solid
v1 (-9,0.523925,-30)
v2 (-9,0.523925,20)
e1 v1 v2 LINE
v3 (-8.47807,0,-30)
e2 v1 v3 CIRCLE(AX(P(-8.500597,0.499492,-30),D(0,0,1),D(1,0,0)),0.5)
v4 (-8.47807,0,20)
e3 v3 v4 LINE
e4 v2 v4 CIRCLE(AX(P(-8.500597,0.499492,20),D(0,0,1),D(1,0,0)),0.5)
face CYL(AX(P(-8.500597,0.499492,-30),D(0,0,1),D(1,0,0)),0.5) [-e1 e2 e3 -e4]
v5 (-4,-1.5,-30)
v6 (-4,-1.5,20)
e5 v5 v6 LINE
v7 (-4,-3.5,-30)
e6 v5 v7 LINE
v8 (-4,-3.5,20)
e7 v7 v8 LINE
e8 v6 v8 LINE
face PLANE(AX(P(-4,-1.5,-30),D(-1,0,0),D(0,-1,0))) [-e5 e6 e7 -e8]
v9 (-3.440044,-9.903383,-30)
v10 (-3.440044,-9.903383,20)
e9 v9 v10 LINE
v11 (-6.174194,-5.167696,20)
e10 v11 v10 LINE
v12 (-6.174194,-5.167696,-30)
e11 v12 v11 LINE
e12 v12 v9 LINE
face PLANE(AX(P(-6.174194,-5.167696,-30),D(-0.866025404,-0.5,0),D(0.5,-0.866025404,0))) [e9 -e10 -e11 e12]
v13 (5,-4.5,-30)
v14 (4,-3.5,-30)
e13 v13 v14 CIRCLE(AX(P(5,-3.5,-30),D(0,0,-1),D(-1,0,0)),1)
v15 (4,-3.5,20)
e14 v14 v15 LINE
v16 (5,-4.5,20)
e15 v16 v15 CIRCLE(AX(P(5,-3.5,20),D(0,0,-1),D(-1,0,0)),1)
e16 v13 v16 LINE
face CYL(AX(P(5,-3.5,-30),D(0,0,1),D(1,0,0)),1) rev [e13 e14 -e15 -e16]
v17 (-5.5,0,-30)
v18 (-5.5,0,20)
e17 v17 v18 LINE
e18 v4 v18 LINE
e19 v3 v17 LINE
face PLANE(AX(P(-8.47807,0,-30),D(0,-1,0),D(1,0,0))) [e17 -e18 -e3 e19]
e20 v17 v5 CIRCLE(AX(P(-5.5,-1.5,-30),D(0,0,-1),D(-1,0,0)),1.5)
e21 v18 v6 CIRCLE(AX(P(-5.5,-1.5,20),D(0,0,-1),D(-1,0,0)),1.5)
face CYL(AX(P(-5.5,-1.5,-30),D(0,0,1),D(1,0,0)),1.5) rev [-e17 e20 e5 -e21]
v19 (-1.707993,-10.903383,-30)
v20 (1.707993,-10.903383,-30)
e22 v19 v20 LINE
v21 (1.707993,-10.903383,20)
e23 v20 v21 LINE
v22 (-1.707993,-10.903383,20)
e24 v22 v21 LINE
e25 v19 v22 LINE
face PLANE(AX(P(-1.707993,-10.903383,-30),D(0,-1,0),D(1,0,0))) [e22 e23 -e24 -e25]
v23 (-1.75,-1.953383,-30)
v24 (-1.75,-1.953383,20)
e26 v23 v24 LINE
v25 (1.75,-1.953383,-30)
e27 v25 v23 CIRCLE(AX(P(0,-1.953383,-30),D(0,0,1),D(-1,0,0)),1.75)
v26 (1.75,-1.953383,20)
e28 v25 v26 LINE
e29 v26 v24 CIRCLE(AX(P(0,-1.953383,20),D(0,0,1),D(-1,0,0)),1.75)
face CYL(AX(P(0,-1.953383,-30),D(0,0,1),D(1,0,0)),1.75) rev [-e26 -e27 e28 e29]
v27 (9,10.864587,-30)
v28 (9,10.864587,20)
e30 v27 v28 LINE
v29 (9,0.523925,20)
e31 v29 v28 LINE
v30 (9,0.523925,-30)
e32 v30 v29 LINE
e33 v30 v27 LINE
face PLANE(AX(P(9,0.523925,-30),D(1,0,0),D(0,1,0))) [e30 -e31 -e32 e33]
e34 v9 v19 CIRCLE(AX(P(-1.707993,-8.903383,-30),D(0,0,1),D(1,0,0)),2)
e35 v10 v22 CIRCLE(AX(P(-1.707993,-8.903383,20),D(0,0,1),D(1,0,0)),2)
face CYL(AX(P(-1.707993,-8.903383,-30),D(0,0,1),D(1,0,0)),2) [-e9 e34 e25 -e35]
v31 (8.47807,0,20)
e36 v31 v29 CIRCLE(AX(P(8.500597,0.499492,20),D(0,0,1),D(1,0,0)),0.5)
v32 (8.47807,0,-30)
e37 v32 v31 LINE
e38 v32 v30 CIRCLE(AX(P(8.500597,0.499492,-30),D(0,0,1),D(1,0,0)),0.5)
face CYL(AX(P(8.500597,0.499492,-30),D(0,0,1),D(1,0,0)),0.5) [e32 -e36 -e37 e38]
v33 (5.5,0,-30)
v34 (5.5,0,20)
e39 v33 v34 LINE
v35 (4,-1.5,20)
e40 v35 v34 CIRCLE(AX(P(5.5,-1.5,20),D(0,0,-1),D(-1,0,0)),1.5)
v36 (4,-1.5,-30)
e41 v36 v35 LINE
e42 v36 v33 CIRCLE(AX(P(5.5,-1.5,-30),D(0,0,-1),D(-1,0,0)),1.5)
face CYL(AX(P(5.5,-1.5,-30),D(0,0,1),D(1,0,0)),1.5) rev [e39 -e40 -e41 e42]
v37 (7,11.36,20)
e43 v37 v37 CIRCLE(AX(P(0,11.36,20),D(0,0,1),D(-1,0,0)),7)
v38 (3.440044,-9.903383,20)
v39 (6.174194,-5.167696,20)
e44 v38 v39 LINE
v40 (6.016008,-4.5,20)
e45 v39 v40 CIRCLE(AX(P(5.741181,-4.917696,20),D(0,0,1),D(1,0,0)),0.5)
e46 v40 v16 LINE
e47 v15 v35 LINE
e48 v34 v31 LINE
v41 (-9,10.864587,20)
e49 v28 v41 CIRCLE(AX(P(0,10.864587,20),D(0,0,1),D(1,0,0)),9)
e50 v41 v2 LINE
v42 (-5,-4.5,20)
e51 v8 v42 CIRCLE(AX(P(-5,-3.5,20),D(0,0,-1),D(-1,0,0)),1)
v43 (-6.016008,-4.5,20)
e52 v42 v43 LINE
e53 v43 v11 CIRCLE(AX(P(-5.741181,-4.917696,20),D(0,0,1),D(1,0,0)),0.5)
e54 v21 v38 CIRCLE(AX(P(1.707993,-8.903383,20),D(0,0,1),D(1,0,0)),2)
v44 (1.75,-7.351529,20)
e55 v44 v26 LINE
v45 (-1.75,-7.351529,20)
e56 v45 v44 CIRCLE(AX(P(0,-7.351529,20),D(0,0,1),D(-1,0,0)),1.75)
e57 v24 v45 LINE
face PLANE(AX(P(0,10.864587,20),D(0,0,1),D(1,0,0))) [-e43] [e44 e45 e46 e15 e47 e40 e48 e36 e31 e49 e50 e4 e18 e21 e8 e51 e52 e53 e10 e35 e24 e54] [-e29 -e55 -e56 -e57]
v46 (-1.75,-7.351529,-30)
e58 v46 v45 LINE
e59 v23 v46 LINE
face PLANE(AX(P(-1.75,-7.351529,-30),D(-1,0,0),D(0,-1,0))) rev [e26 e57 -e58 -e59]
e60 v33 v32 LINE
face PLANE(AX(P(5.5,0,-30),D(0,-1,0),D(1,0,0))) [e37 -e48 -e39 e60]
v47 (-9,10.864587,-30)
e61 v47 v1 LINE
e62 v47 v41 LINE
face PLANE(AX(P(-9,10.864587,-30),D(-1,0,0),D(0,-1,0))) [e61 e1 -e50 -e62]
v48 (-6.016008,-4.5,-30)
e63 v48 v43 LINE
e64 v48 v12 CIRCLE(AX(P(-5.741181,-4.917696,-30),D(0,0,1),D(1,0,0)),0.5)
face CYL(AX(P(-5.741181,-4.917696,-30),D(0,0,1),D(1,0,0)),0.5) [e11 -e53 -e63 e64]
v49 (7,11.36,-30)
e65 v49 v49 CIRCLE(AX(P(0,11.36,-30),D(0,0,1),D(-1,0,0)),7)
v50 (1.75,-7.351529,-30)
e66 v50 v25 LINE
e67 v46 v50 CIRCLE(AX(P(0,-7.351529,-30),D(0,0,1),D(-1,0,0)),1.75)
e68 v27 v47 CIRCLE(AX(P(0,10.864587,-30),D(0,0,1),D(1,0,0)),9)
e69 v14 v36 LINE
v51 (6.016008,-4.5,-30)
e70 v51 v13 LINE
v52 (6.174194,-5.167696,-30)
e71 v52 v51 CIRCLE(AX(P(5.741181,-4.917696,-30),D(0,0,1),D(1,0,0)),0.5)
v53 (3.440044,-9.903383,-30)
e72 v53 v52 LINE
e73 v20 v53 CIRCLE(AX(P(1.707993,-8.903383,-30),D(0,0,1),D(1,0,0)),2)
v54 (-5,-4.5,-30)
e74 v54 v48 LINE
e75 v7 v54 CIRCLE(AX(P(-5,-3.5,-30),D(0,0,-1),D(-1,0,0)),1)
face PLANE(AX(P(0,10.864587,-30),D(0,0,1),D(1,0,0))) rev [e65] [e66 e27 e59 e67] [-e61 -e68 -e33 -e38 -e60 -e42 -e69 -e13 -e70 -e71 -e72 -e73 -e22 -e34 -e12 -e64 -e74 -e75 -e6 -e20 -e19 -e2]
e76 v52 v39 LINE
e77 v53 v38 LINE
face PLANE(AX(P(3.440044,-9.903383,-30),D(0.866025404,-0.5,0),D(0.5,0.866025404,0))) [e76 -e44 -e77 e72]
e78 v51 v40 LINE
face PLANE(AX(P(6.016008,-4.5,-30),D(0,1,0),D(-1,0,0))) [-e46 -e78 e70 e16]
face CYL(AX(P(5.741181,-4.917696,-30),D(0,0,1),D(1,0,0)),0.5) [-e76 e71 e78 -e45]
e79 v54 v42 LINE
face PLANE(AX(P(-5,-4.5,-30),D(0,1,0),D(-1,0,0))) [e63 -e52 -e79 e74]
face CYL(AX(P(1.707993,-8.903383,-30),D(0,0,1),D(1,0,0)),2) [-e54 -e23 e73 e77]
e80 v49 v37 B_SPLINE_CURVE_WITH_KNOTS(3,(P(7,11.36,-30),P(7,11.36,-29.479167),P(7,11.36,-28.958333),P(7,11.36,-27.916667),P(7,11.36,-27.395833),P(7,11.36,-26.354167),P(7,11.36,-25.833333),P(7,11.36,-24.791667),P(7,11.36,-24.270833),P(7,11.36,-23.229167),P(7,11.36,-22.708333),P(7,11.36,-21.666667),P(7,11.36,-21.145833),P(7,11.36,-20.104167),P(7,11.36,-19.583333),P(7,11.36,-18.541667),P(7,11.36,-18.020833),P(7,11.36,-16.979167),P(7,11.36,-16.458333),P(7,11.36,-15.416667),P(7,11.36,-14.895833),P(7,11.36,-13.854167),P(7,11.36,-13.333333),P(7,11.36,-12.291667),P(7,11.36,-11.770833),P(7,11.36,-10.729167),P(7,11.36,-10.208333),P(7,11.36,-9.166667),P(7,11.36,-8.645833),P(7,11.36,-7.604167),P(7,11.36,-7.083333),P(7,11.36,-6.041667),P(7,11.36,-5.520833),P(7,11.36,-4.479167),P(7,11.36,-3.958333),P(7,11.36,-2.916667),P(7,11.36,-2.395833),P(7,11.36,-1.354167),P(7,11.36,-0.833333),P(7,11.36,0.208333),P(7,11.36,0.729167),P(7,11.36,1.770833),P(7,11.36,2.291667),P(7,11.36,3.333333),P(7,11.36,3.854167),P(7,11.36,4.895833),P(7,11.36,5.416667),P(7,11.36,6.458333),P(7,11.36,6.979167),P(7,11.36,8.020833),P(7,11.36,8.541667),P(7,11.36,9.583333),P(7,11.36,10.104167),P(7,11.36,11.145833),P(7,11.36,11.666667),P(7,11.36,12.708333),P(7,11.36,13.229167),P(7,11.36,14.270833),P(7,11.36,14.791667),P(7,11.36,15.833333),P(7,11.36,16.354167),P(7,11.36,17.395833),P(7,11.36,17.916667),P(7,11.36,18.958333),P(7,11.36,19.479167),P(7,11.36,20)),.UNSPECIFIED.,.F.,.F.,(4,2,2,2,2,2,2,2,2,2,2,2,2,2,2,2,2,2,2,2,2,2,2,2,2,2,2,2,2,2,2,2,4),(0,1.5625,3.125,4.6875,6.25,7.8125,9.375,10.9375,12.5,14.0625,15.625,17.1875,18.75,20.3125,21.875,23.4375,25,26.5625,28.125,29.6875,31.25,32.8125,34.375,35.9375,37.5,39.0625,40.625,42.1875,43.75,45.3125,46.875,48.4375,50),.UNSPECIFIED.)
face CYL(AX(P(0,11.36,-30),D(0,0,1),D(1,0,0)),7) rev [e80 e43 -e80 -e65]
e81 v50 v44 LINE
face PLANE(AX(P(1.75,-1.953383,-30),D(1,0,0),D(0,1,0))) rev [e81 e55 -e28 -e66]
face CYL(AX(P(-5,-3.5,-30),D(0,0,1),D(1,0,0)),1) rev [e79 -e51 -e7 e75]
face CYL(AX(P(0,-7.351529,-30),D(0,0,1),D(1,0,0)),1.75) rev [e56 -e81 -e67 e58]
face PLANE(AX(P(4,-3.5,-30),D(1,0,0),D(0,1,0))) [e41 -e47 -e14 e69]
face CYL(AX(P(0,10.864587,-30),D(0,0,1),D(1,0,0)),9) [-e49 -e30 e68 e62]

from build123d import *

# Parameters (mm, degrees)
ESQUISSE1_R        = 7
BOSS_EXTRU_1_DEPTH = 50


with BuildPart() as part:
    # Esquisse1 → Boss.-Extru.1 (new body)
    with BuildSketch(Plane.XY.offset(20)):
        with BuildLine():
            Line((-9, 10.864586864), (-9, 0.523924837))
            ThreePointArc((-9, 0.523924837), (-8.854824532, 0.14661401), (-8.478070356, 0))
            Line((-8.478070356, 0), (-5.5, 0))
            ThreePointArc((-5.5, 0), (-4.439339828, -0.439339828), (-4, -1.5))
            Line((-4, -1.5), (-4, -3.5))
            ThreePointArc((-4, -3.5), (-4.292893219, -4.207106781), (-5, -4.5))
            Line((-5, -4.5), (-6.016007613, -4.5))
            ThreePointArc((-6.016007613, -4.5), (-6.227713349, -4.802430523), (-6.174193657, -5.16769643))
            Line((-6.174193657, -5.16769643), (-3.440043573, -9.90338329))
            ThreePointArc((-3.440043573, -9.90338329), (-2.707992766, -10.635434098), (-1.707992766, -10.90338329))
            Line((-1.707992766, -10.90338329), (1.707992766, -10.90338329))
            ThreePointArc((1.707992766, -10.90338329), (2.707992766, -10.635434098), (3.440043573, -9.90338329))
            Line((3.440043573, -9.90338329), (6.174193657, -5.16769643))
            ThreePointArc((6.174193657, -5.16769643), (6.227713349, -4.802430523), (6.016007614, -4.5))
            Line((6.016007614, -4.5), (5, -4.5))
            ThreePointArc((5, -4.5), (4.292893219, -4.207106781), (4, -3.5))
            Line((4, -3.5), (4, -1.5))
            ThreePointArc((4, -1.5), (4.439339828, -0.439339828), (5.5, 0))
            Line((5.5, 0), (8.478070356, 0))
            ThreePointArc((8.478070356, 0), (8.854824532, 0.14661401), (9, 0.523924837))
            Line((9, 0.523924837), (9, 10.864586864))
            ThreePointArc((9, 10.864586864), (0, 19.864586864), (-9, 10.864586864))
        make_face()
        with Locations((0, 11.36)):
            Circle(ESQUISSE1_R, mode=Mode.SUBTRACT)
        with BuildLine():
            Line((1.75, -1.95338329), (1.75, -7.351528839))
            ThreePointArc((1.75, -7.351528839), (0, -9.101528839), (-1.75, -7.351528839))
            Line((-1.75, -7.351528839), (-1.75, -1.95338329))
            ThreePointArc((-1.75, -1.95338329), (0, -0.20338329), (1.75, -1.95338329))
        make_face(mode=Mode.SUBTRACT)
    extrude(amount=-BOSS_EXTRU_1_DEPTH)


solid = part.part
